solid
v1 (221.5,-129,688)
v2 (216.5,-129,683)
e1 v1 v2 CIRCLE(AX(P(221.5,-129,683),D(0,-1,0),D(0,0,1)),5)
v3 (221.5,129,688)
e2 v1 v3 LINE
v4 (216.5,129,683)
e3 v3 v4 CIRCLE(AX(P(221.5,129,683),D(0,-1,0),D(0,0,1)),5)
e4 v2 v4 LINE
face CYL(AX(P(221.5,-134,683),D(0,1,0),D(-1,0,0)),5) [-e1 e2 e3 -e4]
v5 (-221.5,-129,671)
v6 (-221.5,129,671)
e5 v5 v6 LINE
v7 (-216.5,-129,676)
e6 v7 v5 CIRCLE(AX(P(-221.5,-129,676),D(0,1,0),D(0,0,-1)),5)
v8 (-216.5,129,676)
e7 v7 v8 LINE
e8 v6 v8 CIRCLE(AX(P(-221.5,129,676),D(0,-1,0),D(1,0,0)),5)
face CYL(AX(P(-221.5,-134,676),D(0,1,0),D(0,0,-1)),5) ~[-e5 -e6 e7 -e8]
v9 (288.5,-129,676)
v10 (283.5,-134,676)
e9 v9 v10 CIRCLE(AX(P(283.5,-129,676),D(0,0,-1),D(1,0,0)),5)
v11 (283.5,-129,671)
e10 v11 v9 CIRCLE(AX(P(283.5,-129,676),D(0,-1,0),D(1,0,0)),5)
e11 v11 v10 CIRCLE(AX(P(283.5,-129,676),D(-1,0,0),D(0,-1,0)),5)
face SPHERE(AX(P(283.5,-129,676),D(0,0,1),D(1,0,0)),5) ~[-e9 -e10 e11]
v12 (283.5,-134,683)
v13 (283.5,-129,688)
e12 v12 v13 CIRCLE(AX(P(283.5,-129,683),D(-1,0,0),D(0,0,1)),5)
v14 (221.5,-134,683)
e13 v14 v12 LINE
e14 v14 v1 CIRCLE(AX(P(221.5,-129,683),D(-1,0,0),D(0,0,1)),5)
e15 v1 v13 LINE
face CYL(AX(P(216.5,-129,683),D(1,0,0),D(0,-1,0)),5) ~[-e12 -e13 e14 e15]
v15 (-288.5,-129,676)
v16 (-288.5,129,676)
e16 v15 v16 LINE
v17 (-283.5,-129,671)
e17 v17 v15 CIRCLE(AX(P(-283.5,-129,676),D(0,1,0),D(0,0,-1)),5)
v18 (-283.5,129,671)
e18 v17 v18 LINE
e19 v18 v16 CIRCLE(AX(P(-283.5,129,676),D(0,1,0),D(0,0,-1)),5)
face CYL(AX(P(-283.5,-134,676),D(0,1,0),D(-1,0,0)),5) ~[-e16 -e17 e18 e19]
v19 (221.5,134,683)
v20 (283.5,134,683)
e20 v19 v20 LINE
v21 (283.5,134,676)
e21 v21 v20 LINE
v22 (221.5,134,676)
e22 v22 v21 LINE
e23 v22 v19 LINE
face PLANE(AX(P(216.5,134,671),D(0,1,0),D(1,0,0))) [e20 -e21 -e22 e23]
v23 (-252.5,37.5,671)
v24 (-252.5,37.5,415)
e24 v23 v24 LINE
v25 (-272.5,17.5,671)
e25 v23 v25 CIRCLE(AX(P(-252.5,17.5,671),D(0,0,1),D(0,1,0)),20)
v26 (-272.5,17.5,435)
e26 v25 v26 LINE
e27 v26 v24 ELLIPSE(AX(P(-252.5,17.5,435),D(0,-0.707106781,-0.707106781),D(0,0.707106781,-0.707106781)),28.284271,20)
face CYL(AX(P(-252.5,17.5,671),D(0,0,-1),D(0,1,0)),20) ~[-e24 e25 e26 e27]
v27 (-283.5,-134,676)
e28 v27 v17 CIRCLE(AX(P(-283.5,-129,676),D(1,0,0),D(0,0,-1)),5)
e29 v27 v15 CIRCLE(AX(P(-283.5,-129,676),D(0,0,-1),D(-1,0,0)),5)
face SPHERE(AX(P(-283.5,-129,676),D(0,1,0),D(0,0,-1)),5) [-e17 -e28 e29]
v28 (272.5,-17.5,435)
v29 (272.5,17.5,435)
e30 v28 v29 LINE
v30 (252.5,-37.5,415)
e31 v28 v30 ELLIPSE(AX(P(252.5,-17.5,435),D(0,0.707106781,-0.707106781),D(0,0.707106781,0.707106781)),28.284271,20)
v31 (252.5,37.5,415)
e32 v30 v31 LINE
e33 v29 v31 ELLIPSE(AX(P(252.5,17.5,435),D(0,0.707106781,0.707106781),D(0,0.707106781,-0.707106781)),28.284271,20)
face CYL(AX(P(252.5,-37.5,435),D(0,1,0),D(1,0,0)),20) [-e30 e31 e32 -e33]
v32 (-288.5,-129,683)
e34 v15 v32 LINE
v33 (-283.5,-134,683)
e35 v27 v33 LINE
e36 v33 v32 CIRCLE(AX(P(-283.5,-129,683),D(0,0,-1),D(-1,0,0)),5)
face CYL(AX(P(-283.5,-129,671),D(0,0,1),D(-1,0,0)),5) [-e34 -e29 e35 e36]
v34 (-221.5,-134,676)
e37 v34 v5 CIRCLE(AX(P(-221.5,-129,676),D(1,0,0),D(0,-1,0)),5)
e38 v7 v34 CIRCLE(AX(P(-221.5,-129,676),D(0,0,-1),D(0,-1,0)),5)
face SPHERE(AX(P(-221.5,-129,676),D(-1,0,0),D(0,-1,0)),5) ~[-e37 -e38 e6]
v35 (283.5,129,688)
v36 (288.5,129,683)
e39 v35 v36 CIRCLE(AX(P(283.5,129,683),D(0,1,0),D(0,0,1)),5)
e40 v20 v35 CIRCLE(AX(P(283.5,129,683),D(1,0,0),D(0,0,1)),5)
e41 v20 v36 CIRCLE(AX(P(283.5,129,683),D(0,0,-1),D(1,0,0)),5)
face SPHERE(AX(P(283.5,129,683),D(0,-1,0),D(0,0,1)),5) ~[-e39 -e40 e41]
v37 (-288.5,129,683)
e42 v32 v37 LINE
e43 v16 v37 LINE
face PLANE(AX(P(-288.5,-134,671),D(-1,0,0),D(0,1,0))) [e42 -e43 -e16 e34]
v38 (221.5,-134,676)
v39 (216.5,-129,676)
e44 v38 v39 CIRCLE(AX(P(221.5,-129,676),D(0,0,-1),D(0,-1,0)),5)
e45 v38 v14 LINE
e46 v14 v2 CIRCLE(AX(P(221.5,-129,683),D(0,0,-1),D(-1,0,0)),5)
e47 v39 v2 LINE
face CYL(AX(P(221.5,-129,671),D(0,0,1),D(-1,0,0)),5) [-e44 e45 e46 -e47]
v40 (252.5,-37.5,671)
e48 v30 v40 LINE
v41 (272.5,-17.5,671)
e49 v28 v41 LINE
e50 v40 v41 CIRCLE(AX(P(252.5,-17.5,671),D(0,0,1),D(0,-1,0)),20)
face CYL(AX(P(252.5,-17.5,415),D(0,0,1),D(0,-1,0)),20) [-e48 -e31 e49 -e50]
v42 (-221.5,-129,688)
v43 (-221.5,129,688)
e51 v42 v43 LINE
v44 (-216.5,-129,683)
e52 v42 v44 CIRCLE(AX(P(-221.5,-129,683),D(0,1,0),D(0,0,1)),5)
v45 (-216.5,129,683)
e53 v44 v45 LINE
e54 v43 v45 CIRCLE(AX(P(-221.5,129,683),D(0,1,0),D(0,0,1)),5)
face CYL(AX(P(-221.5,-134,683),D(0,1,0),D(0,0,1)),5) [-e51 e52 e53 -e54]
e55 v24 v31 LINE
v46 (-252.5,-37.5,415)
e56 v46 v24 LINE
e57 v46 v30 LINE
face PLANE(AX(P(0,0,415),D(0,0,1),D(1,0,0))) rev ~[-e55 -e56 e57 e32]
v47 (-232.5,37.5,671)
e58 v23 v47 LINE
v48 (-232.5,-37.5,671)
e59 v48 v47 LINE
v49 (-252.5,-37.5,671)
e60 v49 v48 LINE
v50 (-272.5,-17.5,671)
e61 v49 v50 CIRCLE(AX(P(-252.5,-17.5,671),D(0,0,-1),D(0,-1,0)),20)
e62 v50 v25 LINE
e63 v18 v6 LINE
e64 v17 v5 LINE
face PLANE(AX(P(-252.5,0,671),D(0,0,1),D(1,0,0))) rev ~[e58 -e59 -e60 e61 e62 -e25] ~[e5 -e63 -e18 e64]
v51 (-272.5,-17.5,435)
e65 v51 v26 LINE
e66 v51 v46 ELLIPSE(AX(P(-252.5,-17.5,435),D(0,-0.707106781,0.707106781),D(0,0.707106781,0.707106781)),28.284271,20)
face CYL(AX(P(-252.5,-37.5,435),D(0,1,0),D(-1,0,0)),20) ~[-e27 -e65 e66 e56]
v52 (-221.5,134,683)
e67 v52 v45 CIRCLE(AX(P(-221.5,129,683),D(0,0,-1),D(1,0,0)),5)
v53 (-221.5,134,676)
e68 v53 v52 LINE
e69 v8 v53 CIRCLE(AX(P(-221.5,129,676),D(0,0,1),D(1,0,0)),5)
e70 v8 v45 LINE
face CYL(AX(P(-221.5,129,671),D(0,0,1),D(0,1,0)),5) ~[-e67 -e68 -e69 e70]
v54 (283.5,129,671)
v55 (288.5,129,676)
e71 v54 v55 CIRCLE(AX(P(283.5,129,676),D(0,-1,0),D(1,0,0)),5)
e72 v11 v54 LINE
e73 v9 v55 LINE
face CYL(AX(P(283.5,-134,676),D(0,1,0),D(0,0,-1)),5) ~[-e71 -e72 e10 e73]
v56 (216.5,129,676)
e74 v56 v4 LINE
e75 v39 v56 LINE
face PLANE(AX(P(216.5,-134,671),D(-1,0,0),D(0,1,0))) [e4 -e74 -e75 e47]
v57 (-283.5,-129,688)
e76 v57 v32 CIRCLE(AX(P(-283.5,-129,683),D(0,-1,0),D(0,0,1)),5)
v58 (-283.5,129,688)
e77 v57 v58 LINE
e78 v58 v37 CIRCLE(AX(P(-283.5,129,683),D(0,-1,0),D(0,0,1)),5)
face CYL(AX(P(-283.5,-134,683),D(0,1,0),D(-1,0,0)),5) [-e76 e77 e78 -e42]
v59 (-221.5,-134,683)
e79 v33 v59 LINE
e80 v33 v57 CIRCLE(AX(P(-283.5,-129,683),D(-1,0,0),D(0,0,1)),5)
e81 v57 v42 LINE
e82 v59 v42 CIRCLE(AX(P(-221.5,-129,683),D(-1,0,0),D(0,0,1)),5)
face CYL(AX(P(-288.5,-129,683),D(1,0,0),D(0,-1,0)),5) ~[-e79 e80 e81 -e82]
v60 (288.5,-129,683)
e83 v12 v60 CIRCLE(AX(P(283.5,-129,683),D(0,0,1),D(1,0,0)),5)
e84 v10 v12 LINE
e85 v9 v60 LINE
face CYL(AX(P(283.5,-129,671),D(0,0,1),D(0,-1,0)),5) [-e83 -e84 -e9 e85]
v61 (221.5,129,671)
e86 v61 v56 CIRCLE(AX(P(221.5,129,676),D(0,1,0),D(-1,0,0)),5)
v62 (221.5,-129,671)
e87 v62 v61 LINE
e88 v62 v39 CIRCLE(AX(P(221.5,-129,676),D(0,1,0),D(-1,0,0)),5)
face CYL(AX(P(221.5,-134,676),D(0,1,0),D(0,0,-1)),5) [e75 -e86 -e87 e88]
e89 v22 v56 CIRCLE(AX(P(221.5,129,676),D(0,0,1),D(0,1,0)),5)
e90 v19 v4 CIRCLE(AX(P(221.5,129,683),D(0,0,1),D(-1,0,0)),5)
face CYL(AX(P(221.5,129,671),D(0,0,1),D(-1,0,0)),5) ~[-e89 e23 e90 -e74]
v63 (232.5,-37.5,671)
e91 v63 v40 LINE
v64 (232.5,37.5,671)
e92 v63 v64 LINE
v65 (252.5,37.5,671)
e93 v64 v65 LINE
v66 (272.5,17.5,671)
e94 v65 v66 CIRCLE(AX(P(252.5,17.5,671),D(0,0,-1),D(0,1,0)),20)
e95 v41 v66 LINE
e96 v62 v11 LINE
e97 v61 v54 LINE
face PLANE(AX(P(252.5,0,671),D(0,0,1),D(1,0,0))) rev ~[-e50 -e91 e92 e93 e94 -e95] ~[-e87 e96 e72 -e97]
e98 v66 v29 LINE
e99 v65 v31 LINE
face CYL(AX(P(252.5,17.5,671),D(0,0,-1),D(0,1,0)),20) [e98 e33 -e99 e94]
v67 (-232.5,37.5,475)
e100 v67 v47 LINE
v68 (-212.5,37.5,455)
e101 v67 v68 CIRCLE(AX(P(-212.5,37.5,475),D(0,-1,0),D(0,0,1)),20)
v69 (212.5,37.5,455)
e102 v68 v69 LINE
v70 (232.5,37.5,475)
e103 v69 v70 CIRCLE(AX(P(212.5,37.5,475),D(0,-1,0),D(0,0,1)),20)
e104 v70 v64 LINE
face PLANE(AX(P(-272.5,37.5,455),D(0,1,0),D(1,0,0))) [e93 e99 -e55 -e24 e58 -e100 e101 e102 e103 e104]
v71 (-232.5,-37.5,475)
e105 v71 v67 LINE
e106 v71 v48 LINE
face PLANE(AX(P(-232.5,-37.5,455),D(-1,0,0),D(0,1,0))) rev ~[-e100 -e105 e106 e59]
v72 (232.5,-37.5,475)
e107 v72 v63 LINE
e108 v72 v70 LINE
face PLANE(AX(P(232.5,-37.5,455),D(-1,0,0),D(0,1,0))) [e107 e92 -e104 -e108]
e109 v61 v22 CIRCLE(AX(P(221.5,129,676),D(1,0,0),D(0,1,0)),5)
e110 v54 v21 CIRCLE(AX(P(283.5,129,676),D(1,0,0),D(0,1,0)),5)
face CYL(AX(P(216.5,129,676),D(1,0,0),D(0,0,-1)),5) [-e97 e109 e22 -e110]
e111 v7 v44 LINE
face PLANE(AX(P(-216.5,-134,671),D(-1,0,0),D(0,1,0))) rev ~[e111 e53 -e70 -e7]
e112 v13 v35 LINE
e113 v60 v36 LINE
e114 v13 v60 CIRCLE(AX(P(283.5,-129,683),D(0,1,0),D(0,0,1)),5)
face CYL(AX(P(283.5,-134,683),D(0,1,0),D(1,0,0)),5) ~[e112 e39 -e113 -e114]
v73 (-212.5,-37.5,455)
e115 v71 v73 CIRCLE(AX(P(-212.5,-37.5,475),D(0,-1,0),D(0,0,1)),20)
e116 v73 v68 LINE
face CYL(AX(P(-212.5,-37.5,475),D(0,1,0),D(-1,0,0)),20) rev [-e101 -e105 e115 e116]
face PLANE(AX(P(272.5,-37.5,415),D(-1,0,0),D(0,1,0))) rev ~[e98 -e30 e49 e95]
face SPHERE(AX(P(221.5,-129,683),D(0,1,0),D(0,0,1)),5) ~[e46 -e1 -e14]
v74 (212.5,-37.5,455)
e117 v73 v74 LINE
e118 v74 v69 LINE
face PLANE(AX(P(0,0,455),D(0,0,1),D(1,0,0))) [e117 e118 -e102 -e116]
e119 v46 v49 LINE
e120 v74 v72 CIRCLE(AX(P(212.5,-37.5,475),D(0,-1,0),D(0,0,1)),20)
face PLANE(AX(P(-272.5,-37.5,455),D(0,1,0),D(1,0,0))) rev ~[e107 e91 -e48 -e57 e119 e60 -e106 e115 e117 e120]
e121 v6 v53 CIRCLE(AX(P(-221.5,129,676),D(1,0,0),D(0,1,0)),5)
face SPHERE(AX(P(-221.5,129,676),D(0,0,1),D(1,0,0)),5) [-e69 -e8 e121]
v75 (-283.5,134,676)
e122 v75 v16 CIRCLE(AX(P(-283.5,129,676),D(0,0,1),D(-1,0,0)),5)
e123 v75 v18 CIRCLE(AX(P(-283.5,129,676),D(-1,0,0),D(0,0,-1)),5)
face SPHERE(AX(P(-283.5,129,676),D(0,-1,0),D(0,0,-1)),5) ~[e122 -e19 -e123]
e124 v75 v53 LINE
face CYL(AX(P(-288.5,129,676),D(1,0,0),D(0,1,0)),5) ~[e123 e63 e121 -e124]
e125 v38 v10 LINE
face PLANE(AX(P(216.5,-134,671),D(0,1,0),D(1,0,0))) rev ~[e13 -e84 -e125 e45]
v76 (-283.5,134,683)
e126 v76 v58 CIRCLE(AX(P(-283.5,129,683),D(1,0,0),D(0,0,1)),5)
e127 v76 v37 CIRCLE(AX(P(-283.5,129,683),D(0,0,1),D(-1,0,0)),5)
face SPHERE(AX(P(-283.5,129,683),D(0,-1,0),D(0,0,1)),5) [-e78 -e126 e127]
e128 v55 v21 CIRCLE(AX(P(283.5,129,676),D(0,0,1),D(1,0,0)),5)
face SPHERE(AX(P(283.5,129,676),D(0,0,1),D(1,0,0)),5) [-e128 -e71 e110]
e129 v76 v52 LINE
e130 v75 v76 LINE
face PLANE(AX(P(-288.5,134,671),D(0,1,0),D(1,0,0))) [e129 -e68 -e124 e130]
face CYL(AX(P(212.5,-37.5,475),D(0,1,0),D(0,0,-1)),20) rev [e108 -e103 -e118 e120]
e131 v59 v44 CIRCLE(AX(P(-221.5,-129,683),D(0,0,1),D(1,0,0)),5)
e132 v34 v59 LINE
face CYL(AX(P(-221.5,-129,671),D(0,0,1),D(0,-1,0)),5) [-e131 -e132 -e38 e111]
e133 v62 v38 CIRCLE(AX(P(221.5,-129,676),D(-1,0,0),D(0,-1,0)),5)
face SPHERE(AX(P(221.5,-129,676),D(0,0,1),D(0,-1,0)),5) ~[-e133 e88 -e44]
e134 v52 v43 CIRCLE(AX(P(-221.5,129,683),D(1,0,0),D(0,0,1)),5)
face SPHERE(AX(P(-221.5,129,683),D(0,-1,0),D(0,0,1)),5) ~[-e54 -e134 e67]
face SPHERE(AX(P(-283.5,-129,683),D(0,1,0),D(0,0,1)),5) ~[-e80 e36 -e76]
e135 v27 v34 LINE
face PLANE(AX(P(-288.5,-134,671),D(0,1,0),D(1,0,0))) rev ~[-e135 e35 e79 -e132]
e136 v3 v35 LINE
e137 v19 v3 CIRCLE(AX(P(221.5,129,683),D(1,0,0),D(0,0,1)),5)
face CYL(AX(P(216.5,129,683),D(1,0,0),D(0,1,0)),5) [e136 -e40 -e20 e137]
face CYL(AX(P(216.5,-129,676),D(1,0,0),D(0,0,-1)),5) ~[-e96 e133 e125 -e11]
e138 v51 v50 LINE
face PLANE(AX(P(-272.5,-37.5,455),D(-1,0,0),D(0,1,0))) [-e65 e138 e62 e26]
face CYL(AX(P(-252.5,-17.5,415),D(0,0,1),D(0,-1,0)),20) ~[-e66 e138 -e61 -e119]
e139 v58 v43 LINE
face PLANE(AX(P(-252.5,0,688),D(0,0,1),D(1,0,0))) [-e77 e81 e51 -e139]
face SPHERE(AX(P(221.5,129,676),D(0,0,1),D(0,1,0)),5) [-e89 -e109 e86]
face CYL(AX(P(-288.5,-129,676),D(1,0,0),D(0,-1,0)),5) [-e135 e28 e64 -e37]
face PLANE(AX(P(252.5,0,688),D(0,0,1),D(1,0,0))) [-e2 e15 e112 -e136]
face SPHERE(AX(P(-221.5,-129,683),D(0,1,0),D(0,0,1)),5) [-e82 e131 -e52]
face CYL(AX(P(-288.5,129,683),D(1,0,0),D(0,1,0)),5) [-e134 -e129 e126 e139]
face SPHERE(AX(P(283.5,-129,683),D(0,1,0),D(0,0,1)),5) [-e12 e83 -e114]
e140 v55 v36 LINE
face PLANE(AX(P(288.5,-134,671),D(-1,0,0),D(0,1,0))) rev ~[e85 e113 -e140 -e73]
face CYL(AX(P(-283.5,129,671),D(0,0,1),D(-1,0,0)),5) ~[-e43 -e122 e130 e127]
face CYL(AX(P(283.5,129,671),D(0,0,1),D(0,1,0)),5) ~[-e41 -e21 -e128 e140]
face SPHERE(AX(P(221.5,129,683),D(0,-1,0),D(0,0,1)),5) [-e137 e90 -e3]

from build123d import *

# Parameters (mm, degrees)
SKETCH004_W  = 545
SKETCH004_H  = 75
PAD004_DEPTH = 40
SKETCH005_W  = 40
SKETCH005_H  = 75
PAD005_DEPTH = 216
SKETCH006_W  = 72
SKETCH006_H  = 268
PAD006_DEPTH = 17
FILLET003_R  = 5
FILLET004_R  = 20


with BuildPart() as part:
    # Sketch004 (on Face1 of CopyPad003) → Pad004 (new body)
    with BuildSketch(Plane.XY.offset(415)):
        Rectangle(SKETCH004_W, SKETCH004_H)
    extrude(amount=PAD004_DEPTH)

    # Sketch005 (on Face6 of Pad004) → Pad005 (join)
    with BuildSketch(Plane.XY.offset(455)):
        with Locations((-252.5, 0)):
            Rectangle(SKETCH005_W, SKETCH005_H)
        with Locations((252.5, 0)):
            Rectangle(SKETCH005_W, SKETCH005_H)
    extrude(amount=PAD005_DEPTH)

    # Sketch006 (on Face5 of Pad005) → Pad006 (join)
    with BuildSketch(Plane.XY.offset(671)):
        with Locations((-252.5, 0)):
            Rectangle(SKETCH006_W, SKETCH006_H)
        with Locations((252.5, 0)):
            Rectangle(SKETCH006_W, SKETCH006_H)
    extrude(amount=PAD006_DEPTH)

    # Fillet003
    fillet003_edges = [part.edges().sort_by_distance(p)[0] for p in [
        (-288.5, 0, 688),
        (-216.5, 0, 688),
        (216.5, 0, 688),
        (288.5, 0, 688),
        (252.5, -134, 688),
        (252.5, 134, 688),
        (-252.5, 134, 688),
        (-252.5, -134, 688),
        (216.5, -134, 679.5),
        (288.5, -134, 679.5),
        (288.5, 134, 679.5),
        (216.5, 134, 679.5),
        (288.5, 0, 671),
        (252.5, 134, 671),
        (252.5, -134, 671),
        (216.5, 0, 671),
        (-288.5, 0, 671),
        (-252.5, -134, 671),
        (-288.5, -134, 679.5),
        (-216.5, -134, 679.5),
        (-216.5, 134, 679.5),
        (-216.5, 0, 671),
        (-252.5, 134, 671),
        (-288.5, 134, 679.5),
    ]]
    fillet(fillet003_edges, radius=FILLET003_R)

    # Fillet004
    fillet004_edges = [part.edges().sort_by_distance(p)[0] for p in [
        (-272.5, 0, 415),
        (-232.5, 0, 455),
        (232.5, 0, 455),
        (272.5, 0, 415),
        (272.5, -37.5, 543),
        (272.5, 37.5, 543),
        (-272.5, -37.5, 543),
        (-272.5, 37.5, 543),
    ]]
    fillet(fillet004_edges, radius=FILLET004_R)


solid = part.part
